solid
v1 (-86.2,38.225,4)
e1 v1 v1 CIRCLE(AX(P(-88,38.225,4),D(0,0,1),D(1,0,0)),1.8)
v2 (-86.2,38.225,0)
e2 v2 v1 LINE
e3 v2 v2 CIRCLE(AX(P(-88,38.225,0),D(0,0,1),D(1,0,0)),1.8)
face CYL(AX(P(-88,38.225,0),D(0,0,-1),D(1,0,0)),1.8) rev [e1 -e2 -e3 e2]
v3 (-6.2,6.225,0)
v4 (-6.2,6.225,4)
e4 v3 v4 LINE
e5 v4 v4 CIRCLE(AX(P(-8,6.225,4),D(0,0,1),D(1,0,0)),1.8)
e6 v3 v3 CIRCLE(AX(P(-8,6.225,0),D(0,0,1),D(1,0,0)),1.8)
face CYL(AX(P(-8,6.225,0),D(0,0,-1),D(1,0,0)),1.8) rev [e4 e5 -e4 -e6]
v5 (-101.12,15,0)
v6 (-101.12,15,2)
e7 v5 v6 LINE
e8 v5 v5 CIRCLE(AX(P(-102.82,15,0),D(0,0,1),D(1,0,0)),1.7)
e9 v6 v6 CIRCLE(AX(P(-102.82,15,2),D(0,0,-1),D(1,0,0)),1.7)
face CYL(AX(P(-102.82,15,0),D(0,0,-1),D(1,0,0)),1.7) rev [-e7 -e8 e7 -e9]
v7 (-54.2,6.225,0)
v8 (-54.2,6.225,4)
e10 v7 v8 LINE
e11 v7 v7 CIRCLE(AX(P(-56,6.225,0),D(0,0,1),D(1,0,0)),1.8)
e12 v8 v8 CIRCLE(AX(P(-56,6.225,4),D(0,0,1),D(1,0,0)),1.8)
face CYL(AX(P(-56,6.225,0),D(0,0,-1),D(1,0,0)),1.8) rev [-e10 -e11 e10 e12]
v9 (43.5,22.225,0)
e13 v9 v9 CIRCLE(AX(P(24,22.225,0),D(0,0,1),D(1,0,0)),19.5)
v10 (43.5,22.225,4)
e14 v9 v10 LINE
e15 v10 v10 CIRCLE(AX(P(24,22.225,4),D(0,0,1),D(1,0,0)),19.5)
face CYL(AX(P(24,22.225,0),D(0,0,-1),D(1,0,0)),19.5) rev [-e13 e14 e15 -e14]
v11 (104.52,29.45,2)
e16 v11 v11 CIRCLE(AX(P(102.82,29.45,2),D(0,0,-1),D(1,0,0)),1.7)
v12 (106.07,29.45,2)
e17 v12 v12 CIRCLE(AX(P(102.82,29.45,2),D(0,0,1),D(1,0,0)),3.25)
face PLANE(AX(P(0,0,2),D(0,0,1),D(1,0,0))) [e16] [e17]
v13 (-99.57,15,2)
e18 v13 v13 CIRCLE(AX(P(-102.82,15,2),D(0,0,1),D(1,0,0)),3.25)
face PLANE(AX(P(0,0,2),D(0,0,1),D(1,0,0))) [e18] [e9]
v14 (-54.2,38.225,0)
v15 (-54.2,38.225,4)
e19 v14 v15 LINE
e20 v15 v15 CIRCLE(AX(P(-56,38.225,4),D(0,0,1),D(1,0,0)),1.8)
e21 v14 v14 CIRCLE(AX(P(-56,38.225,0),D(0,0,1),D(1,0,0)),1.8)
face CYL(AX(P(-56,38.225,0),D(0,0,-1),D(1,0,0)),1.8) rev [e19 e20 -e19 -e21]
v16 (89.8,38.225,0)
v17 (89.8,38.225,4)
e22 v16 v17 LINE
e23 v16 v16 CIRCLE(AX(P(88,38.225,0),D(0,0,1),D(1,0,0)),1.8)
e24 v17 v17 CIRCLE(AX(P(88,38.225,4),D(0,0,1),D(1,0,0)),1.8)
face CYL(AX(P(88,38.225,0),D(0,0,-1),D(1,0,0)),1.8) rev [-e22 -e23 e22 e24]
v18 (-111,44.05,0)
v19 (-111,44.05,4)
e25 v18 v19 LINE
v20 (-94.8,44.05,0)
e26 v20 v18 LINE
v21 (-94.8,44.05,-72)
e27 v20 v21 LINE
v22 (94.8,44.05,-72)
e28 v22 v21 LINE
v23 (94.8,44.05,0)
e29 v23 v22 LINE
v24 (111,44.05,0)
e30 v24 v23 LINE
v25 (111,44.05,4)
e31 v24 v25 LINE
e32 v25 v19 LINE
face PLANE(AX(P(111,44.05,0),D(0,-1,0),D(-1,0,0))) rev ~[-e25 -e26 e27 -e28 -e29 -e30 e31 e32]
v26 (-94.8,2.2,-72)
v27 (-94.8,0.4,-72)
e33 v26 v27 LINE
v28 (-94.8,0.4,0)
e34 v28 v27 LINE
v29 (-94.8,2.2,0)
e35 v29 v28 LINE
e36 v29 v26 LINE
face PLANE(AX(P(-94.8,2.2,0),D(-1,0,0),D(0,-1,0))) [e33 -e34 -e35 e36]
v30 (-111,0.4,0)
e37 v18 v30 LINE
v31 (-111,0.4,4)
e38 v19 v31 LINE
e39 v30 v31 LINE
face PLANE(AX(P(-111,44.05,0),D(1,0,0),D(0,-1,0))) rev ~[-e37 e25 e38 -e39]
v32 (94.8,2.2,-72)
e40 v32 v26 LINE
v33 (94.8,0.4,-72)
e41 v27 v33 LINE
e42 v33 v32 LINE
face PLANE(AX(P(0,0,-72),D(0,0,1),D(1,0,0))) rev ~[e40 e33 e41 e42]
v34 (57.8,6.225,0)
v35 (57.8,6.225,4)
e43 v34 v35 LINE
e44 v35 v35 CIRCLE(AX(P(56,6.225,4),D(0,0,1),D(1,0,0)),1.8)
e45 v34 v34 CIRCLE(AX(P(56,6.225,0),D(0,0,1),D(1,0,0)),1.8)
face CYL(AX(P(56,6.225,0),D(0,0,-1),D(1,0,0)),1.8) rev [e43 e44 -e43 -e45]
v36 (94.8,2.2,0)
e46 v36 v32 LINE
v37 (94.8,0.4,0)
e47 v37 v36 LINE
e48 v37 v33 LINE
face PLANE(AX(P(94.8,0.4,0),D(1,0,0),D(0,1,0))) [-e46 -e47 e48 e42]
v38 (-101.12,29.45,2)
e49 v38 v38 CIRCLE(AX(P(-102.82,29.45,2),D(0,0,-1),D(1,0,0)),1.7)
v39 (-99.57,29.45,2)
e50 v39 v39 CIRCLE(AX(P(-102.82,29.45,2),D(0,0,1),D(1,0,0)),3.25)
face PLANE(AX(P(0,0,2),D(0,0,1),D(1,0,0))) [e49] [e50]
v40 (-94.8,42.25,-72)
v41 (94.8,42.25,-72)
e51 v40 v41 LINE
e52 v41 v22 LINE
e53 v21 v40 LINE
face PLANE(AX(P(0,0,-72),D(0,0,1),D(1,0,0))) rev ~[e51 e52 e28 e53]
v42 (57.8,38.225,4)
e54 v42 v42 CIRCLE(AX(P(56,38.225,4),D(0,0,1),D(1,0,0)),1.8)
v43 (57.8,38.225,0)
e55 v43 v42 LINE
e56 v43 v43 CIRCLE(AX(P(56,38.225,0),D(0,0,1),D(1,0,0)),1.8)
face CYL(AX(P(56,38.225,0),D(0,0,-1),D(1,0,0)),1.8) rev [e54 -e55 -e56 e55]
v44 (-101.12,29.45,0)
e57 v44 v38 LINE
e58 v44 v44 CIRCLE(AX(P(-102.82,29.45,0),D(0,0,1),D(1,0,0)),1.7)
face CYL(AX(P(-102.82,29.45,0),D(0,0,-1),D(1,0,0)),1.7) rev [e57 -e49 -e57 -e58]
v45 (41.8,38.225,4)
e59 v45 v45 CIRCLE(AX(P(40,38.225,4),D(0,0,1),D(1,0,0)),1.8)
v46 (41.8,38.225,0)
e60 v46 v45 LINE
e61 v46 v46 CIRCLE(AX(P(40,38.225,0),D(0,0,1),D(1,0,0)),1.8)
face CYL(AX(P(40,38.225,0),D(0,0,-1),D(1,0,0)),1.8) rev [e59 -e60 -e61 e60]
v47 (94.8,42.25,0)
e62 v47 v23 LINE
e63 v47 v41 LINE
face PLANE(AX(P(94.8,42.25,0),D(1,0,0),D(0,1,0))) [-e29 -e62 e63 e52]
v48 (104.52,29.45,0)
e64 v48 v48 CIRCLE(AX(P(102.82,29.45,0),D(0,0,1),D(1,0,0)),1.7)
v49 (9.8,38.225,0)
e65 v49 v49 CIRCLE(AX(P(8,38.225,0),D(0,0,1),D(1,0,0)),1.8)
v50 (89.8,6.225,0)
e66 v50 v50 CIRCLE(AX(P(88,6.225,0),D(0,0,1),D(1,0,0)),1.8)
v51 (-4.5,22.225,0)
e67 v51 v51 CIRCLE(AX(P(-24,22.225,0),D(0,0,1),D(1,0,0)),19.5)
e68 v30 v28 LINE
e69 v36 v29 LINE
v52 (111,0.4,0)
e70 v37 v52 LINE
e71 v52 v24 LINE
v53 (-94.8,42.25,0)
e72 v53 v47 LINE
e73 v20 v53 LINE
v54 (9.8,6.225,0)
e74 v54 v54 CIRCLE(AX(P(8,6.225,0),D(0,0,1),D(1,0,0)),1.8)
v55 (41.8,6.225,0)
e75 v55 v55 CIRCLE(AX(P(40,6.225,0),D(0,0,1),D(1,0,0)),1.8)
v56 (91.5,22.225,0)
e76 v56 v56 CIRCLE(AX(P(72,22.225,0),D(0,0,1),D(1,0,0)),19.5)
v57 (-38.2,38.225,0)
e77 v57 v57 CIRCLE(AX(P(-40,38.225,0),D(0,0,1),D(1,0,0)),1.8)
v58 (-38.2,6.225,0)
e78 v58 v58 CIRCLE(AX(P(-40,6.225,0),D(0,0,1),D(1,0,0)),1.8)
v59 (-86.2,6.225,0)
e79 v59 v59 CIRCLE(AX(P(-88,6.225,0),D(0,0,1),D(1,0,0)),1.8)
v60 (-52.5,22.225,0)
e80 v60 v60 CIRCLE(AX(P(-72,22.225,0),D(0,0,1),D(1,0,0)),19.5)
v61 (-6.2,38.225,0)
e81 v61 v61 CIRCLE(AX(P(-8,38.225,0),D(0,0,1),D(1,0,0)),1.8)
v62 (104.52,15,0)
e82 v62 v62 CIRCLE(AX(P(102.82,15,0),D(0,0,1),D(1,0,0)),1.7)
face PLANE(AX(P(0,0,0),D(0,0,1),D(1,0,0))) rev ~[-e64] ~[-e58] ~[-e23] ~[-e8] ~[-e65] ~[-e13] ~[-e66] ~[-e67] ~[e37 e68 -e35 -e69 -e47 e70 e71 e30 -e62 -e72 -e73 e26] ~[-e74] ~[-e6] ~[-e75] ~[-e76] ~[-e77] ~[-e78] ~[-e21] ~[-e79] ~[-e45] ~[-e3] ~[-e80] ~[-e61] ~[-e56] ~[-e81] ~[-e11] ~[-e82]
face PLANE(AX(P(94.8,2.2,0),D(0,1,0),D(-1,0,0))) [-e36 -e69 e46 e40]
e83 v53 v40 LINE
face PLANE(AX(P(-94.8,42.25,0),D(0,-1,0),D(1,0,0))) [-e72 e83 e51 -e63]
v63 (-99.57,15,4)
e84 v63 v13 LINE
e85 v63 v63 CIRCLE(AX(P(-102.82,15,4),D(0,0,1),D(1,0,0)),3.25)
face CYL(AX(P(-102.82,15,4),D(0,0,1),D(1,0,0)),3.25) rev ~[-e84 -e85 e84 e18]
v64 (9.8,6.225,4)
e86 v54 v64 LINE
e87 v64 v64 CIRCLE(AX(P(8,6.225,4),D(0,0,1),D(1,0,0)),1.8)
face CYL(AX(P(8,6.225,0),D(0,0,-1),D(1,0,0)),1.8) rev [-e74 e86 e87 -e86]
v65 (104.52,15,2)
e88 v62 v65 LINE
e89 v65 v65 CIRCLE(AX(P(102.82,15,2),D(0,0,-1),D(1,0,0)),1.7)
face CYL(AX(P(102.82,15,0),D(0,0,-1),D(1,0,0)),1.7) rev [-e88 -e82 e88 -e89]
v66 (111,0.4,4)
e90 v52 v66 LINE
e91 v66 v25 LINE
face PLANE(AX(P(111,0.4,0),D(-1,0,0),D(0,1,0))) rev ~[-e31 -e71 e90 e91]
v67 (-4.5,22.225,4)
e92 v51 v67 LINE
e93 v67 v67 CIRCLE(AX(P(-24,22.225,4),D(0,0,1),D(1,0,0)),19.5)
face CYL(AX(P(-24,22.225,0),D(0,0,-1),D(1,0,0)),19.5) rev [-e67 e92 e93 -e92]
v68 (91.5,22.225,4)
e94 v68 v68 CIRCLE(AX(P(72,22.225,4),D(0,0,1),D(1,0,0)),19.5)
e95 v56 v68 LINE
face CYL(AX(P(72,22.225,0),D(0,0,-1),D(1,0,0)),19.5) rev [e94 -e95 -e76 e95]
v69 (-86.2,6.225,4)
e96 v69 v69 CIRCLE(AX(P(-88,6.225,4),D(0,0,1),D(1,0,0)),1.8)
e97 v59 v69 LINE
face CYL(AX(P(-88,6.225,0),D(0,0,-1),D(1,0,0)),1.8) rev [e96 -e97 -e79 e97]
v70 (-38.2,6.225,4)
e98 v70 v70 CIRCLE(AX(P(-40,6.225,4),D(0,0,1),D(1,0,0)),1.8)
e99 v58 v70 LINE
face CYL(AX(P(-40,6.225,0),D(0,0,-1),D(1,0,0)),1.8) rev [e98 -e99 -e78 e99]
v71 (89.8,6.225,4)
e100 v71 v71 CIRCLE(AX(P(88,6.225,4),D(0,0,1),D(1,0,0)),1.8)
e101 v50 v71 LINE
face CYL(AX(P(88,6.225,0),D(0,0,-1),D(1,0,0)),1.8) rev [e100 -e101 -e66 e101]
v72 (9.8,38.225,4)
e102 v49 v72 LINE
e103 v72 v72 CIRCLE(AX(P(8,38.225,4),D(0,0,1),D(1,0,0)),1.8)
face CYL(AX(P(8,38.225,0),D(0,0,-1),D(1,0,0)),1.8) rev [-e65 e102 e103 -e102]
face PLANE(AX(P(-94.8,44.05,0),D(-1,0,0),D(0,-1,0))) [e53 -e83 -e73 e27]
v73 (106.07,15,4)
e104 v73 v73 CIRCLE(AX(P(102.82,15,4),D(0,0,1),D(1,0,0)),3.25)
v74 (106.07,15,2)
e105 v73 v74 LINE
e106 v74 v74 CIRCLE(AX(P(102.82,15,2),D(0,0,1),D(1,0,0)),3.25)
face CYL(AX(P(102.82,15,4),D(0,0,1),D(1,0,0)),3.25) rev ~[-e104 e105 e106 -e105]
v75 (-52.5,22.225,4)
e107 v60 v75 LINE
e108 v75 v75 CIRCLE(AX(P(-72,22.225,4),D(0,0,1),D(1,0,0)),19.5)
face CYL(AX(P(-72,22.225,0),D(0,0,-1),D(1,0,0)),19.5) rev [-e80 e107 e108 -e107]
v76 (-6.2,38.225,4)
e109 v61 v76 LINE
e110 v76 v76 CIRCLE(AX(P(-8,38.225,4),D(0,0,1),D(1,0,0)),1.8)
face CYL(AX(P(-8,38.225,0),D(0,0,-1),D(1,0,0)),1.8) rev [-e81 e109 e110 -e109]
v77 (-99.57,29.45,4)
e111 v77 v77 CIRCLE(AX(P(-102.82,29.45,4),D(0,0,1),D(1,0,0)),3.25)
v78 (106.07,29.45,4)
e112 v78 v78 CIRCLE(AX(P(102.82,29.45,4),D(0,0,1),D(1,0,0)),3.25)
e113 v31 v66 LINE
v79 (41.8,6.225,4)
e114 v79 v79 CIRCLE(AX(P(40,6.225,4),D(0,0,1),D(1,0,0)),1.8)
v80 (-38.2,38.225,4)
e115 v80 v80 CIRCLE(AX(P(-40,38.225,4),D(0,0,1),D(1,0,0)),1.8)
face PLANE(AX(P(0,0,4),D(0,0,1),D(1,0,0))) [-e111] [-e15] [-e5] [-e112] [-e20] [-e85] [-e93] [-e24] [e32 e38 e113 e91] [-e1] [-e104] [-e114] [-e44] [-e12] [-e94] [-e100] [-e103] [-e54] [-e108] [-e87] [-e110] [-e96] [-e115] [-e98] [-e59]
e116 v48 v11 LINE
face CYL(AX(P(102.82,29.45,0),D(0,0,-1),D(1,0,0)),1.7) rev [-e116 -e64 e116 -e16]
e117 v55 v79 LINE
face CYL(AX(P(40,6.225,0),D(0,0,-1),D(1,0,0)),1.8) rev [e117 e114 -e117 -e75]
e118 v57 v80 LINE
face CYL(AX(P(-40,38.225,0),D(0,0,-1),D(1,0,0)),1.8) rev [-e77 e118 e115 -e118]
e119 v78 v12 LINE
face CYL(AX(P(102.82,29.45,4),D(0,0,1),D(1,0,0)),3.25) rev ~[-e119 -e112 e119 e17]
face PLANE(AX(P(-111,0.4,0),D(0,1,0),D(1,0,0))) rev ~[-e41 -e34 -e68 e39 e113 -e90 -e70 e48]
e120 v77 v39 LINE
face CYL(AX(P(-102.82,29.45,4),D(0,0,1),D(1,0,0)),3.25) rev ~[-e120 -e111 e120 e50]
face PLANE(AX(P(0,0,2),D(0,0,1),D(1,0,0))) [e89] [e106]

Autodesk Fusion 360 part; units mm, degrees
sketch "Sketch1" plane through (0, 0, 0) normal (0, 0, 1) x (1, 0, 0)
  line L0 (-111, 0.4) -> (111, 0.4)
  line L1 (111, 0.4) -> (111, 44.05)
  line L2 (111, 44.05) -> (-111, 44.05)
  line L3 (-111, 44.05) -> (-111, 0.4)
extrude "Extrude1" add sketch "Sketch1" along normal blind 4
sketch "Sketch2" plane through (0, 0, 0) normal (0, 0, 1) x (1, 0, 0)
  circle A0 centre (-72, 22.225) radius 19.5
  circle A1 centre (-88, 6.225) radius 1.8
  circle A2 centre (-88, 38.225) radius 1.8
  circle A3 centre (-56, 6.225) radius 1.8
  circle A4 centre (-56, 38.225) radius 1.8
  circle A5 centre (-24, 22.225) radius 19.5
  circle A6 centre (-40, 6.225) radius 1.8
  circle A7 centre (-40, 38.225) radius 1.8
  circle A8 centre (-8, 6.225) radius 1.8
  circle A9 centre (-8, 38.225) radius 1.8
  circle A10 centre (24, 22.225) radius 19.5
  circle A11 centre (8, 6.225) radius 1.8
  circle A12 centre (8, 38.225) radius 1.8
  circle A13 centre (40, 6.225) radius 1.8
  circle A14 centre (40, 38.225) radius 1.8
  circle A15 centre (72, 22.225) radius 19.5
  circle A16 centre (56, 6.225) radius 1.8
  circle A17 centre (56, 38.225) radius 1.8
  circle A18 centre (88, 6.225) radius 1.8
  circle A19 centre (88, 38.225) radius 1.8
  circle A20 centre (-102.82, 15) radius 1.7
  circle A21 centre (-102.82, 29.45) radius 1.7
  circle A22 centre (102.82, 15) radius 1.7
  circle A23 centre (102.82, 29.45) radius 1.7
extrude "Extrude2" cut sketch "Sketch2" along normal blind 4
sketch "Sketch3" plane through (0, 0, 0) normal (0, 0, 1) x (1, 0, 0)
  line L0 (-94.8, 42.25) -> (94.8, 42.25)
  line L1 (94.8, 42.25) -> (94.8, 44.05)
  line L2 (94.8, 44.05) -> (-94.8, 44.05)
  line L3 (-94.8, 44.05) -> (-94.8, 42.25)
  line L4 (-94.8, 0.4) -> (94.8, 0.4)
  line L5 (94.8, 0.4) -> (94.8, 2.2)
  line L6 (94.8, 2.2) -> (-94.8, 2.2)
  line L7 (-94.8, 2.2) -> (-94.8, 0.4)
extrude "Extrude3" add sketch "Sketch3" against normal blind 72
ref_plane "WorkPlane1" through (0, 0, 4) normal (0, 0, 1) x (1, 0, 0)
sketch "Sketch4" plane through (0, 0, 4) normal (0, 0, 1) x (1, 0, 0)
  circle A0 centre (-102.82, 15) radius 3.25
  circle A1 centre (-102.82, 29.45) radius 3.25
  circle A2 centre (102.82, 15) radius 3.25
  circle A3 centre (102.82, 29.45) radius 3.25
extrude "Extrude4" cut sketch "Sketch4" against normal blind 2
